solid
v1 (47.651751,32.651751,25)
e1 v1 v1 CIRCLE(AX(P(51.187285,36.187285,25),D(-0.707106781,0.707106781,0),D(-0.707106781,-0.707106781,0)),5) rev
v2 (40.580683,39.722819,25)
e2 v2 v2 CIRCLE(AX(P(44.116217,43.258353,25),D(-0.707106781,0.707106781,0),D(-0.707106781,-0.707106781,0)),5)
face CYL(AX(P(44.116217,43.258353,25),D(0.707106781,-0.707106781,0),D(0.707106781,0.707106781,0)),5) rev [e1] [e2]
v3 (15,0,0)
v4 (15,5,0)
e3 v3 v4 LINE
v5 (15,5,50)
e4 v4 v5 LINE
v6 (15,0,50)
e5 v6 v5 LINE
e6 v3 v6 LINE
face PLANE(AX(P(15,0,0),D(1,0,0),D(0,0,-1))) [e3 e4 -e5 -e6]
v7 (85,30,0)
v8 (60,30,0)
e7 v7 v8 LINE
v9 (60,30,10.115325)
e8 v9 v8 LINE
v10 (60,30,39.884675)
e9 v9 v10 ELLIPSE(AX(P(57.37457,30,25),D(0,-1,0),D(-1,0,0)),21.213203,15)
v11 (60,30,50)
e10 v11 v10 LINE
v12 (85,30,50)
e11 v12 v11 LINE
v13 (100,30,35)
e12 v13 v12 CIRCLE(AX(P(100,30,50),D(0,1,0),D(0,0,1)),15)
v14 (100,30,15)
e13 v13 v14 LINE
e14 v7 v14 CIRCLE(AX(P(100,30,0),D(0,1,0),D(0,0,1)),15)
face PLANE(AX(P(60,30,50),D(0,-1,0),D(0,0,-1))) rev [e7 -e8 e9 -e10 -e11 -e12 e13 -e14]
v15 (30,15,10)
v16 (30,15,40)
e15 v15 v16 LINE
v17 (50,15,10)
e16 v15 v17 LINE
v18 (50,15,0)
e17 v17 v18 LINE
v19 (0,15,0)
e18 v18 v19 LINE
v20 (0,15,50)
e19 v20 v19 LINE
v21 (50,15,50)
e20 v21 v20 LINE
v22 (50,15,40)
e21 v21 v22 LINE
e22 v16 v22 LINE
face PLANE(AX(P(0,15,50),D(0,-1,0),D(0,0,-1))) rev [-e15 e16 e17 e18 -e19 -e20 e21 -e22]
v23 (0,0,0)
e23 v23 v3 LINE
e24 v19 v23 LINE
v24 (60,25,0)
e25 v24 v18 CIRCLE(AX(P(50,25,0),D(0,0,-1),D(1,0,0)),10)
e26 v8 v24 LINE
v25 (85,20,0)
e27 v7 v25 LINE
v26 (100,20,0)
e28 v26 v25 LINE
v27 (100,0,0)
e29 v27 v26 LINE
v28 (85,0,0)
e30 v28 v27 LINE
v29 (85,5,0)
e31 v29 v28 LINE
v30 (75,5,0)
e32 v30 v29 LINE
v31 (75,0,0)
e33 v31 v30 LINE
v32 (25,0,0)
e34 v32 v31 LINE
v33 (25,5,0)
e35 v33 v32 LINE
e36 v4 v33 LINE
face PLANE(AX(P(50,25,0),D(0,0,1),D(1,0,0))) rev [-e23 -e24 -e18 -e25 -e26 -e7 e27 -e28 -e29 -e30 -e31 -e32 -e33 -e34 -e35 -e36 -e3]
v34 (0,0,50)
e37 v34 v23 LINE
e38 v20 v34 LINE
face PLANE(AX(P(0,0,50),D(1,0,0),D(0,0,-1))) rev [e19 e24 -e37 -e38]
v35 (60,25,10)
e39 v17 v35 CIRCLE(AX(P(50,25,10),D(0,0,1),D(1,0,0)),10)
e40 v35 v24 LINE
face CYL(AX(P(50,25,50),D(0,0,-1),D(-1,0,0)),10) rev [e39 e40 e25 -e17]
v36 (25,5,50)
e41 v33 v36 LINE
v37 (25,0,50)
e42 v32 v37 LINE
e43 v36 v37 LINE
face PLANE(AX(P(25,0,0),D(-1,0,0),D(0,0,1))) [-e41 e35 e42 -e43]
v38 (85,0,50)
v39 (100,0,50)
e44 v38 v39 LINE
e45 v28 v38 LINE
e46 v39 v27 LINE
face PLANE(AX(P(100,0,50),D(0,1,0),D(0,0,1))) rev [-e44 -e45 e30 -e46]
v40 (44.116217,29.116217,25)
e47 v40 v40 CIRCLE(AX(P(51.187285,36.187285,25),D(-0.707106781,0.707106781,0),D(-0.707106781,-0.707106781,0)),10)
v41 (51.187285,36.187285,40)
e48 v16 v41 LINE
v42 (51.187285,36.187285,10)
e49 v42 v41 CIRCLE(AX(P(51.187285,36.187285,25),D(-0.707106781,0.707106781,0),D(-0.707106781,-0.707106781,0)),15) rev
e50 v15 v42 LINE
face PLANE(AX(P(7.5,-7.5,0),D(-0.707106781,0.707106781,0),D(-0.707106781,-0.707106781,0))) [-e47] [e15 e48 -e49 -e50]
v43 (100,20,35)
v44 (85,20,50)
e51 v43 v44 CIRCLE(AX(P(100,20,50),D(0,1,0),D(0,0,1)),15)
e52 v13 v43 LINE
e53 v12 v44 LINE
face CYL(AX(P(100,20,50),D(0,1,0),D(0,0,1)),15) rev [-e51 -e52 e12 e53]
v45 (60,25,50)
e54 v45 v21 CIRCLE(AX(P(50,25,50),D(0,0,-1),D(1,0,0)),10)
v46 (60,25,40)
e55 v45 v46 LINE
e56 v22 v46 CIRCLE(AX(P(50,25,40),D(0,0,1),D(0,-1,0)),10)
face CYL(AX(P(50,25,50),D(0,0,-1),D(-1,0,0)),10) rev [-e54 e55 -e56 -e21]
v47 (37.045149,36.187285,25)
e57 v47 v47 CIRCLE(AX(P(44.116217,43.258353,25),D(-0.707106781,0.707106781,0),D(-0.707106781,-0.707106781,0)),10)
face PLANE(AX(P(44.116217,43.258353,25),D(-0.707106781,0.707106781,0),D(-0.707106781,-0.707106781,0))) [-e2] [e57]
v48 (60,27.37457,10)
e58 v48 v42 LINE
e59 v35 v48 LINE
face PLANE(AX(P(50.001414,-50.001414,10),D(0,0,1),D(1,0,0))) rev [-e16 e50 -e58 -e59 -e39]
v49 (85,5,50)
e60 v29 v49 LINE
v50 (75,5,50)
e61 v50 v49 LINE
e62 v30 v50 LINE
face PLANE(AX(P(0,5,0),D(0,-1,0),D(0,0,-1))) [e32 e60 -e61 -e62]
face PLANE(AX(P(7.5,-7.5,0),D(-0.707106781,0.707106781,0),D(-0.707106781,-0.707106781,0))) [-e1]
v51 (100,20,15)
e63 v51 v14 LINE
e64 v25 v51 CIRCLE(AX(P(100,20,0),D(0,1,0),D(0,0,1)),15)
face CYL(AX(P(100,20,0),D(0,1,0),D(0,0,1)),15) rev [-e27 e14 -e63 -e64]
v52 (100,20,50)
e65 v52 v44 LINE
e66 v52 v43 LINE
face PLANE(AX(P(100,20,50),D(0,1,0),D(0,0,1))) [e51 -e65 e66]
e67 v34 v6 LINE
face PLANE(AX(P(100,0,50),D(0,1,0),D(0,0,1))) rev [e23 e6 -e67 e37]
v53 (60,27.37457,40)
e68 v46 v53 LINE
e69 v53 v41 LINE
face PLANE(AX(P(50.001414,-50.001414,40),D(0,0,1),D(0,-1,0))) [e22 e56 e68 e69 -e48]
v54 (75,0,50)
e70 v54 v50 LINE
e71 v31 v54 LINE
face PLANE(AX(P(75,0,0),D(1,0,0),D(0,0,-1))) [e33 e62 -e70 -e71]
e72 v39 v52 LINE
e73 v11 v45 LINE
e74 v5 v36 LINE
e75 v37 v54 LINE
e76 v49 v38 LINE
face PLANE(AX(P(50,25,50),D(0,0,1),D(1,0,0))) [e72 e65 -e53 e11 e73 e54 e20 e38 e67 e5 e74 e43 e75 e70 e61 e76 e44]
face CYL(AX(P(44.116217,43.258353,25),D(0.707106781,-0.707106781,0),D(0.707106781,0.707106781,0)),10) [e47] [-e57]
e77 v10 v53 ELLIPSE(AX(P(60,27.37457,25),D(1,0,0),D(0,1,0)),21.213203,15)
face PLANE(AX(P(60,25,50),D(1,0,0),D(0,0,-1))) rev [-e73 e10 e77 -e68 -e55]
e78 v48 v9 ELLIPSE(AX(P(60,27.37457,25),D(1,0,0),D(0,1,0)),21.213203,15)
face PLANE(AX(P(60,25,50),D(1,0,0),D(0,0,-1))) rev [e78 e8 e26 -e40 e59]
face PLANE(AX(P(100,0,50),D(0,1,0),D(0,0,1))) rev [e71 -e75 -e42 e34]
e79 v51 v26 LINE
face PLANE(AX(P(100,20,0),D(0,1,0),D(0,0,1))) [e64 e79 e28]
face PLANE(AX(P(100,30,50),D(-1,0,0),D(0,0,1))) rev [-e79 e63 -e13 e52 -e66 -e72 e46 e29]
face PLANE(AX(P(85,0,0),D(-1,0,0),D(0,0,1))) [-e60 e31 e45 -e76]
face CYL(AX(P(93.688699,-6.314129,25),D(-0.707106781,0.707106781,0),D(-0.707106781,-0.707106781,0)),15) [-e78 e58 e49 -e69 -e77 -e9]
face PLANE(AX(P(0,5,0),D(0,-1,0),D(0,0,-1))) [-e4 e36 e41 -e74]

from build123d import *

# Parameters (mm, degrees)
BOSS_EXTRUDE1_DEPTH = 50
BOSS_EXTRUDE2_REACH = 113.636
SKETCH2_W           = 30
SKETCH2_H           = 14.178790152
SKETCH3_R           = 10
SKETCH3_R_2         = 5
BOSS_EXTRUDE3_DEPTH = 10
SKETCH4_R           = 15
CUT_EXTRUDE1_DEPTH  = 10
SKETCH5_W           = 10
SKETCH5_H           = 5
CUT_EXTRUDE2_DEPTH  = 123.609341231


with BuildPart() as part:
    # Sketch1 → Boss-Extrude1 (new body)
    with BuildSketch(Plane.XY):
        with BuildLine():
            Line((0, 0), (0, 15))
            Line((0, 15), (50, 15))
            ThreePointArc((50, 15), (57.071067812, 17.928932188), (60, 25))
            Line((60, 25), (60, 30))
            Line((60, 30), (100, 30))
            Line((100, 30), (100, 0))
            Line((100, 0), (0, 0))
        make_face()
    extrude(amount=BOSS_EXTRUDE1_DEPTH)

    # Sketch2 → Boss-Extrude2 (add, up to next)
    with BuildSketch(Plane(origin=(7.5, -7.5, 0), x_dir=(0, 0, 1), z_dir=(-0.7071067811865488, 0.7071067811865464, 0)), mode=Mode.PRIVATE) as boss_extrude2_sk1:
        with Locations((25, 38.872545701)):
            Rectangle(SKETCH2_W, SKETCH2_H)
    boss_extrude2_tool1 = extrude(boss_extrude2_sk1.sketch, amount=-BOSS_EXTRUDE2_REACH, mode=Mode.PRIVATE) - part.part
    # Sketch2 → Boss-Extrude2 (add, up to next)
    with BuildSketch(Plane(origin=(7.5, -7.5, 0), x_dir=(0, 0, 1), z_dir=(-0.7071067811865488, 0.7071067811865464, 0)), mode=Mode.PRIVATE) as boss_extrude2_sk2:
        with BuildLine():
            Line((10, 61.783150625), (10, 45.961940777))
            Line((10, 45.961940777), (40, 45.961940777))
            Line((40, 45.961940777), (40, 61.783150625))
            ThreePointArc((40, 61.783150625), (25, 76.783150625), (10, 61.783150625))
        make_face()
    boss_extrude2_tool2 = extrude(boss_extrude2_sk2.sketch, amount=-BOSS_EXTRUDE2_REACH, mode=Mode.PRIVATE) - part.part
    add(boss_extrude2_tool1.solids().sort_by_distance((34.987041, 19.987041, 25))[0])
    add(boss_extrude2_tool2.solids().sort_by_distance((49.902416, 34.902416, 25))[0])

    # Sketch3 → Boss-Extrude3 (add)
    with BuildSketch(Plane(origin=(7.5, -7.5, 0), x_dir=(0, 0, 1), z_dir=(-0.7071067811865486, 0.7071067811865465, 0))):
        with Locations(Location((25, 61.783150625, 0), (0, 0, 270))):
            Circle(SKETCH3_R)
        with Locations(Location((25, 61.783150625, 0), (0, 0, 270))):
            Circle(SKETCH3_R_2, mode=Mode.SUBTRACT)
    extrude(amount=BOSS_EXTRUDE3_DEPTH)

    # Sketch4 → Cut-Extrude1 (cut)
    with BuildSketch(Plane(origin=(0, 30, 0), x_dir=(1, 0, 0), z_dir=(0, 1, 0))):
        with Locations((100, 0)):
            Circle(SKETCH4_R)
        with Locations((100, -50)):
            Circle(SKETCH4_R)
    extrude(amount=-CUT_EXTRUDE1_DEPTH, mode=Mode.SUBTRACT)

    # Sketch5 → Cut-Extrude2 (cut, through all)
    with BuildSketch(Plane.XY.offset(50)):
        with Locations((20, 2.5)):
            Rectangle(SKETCH5_W, SKETCH5_H)
        with Locations((80, 2.5)):
            Rectangle(SKETCH5_W, SKETCH5_H)
    extrude(amount=-CUT_EXTRUDE2_DEPTH, mode=Mode.SUBTRACT)


solid = part.part
